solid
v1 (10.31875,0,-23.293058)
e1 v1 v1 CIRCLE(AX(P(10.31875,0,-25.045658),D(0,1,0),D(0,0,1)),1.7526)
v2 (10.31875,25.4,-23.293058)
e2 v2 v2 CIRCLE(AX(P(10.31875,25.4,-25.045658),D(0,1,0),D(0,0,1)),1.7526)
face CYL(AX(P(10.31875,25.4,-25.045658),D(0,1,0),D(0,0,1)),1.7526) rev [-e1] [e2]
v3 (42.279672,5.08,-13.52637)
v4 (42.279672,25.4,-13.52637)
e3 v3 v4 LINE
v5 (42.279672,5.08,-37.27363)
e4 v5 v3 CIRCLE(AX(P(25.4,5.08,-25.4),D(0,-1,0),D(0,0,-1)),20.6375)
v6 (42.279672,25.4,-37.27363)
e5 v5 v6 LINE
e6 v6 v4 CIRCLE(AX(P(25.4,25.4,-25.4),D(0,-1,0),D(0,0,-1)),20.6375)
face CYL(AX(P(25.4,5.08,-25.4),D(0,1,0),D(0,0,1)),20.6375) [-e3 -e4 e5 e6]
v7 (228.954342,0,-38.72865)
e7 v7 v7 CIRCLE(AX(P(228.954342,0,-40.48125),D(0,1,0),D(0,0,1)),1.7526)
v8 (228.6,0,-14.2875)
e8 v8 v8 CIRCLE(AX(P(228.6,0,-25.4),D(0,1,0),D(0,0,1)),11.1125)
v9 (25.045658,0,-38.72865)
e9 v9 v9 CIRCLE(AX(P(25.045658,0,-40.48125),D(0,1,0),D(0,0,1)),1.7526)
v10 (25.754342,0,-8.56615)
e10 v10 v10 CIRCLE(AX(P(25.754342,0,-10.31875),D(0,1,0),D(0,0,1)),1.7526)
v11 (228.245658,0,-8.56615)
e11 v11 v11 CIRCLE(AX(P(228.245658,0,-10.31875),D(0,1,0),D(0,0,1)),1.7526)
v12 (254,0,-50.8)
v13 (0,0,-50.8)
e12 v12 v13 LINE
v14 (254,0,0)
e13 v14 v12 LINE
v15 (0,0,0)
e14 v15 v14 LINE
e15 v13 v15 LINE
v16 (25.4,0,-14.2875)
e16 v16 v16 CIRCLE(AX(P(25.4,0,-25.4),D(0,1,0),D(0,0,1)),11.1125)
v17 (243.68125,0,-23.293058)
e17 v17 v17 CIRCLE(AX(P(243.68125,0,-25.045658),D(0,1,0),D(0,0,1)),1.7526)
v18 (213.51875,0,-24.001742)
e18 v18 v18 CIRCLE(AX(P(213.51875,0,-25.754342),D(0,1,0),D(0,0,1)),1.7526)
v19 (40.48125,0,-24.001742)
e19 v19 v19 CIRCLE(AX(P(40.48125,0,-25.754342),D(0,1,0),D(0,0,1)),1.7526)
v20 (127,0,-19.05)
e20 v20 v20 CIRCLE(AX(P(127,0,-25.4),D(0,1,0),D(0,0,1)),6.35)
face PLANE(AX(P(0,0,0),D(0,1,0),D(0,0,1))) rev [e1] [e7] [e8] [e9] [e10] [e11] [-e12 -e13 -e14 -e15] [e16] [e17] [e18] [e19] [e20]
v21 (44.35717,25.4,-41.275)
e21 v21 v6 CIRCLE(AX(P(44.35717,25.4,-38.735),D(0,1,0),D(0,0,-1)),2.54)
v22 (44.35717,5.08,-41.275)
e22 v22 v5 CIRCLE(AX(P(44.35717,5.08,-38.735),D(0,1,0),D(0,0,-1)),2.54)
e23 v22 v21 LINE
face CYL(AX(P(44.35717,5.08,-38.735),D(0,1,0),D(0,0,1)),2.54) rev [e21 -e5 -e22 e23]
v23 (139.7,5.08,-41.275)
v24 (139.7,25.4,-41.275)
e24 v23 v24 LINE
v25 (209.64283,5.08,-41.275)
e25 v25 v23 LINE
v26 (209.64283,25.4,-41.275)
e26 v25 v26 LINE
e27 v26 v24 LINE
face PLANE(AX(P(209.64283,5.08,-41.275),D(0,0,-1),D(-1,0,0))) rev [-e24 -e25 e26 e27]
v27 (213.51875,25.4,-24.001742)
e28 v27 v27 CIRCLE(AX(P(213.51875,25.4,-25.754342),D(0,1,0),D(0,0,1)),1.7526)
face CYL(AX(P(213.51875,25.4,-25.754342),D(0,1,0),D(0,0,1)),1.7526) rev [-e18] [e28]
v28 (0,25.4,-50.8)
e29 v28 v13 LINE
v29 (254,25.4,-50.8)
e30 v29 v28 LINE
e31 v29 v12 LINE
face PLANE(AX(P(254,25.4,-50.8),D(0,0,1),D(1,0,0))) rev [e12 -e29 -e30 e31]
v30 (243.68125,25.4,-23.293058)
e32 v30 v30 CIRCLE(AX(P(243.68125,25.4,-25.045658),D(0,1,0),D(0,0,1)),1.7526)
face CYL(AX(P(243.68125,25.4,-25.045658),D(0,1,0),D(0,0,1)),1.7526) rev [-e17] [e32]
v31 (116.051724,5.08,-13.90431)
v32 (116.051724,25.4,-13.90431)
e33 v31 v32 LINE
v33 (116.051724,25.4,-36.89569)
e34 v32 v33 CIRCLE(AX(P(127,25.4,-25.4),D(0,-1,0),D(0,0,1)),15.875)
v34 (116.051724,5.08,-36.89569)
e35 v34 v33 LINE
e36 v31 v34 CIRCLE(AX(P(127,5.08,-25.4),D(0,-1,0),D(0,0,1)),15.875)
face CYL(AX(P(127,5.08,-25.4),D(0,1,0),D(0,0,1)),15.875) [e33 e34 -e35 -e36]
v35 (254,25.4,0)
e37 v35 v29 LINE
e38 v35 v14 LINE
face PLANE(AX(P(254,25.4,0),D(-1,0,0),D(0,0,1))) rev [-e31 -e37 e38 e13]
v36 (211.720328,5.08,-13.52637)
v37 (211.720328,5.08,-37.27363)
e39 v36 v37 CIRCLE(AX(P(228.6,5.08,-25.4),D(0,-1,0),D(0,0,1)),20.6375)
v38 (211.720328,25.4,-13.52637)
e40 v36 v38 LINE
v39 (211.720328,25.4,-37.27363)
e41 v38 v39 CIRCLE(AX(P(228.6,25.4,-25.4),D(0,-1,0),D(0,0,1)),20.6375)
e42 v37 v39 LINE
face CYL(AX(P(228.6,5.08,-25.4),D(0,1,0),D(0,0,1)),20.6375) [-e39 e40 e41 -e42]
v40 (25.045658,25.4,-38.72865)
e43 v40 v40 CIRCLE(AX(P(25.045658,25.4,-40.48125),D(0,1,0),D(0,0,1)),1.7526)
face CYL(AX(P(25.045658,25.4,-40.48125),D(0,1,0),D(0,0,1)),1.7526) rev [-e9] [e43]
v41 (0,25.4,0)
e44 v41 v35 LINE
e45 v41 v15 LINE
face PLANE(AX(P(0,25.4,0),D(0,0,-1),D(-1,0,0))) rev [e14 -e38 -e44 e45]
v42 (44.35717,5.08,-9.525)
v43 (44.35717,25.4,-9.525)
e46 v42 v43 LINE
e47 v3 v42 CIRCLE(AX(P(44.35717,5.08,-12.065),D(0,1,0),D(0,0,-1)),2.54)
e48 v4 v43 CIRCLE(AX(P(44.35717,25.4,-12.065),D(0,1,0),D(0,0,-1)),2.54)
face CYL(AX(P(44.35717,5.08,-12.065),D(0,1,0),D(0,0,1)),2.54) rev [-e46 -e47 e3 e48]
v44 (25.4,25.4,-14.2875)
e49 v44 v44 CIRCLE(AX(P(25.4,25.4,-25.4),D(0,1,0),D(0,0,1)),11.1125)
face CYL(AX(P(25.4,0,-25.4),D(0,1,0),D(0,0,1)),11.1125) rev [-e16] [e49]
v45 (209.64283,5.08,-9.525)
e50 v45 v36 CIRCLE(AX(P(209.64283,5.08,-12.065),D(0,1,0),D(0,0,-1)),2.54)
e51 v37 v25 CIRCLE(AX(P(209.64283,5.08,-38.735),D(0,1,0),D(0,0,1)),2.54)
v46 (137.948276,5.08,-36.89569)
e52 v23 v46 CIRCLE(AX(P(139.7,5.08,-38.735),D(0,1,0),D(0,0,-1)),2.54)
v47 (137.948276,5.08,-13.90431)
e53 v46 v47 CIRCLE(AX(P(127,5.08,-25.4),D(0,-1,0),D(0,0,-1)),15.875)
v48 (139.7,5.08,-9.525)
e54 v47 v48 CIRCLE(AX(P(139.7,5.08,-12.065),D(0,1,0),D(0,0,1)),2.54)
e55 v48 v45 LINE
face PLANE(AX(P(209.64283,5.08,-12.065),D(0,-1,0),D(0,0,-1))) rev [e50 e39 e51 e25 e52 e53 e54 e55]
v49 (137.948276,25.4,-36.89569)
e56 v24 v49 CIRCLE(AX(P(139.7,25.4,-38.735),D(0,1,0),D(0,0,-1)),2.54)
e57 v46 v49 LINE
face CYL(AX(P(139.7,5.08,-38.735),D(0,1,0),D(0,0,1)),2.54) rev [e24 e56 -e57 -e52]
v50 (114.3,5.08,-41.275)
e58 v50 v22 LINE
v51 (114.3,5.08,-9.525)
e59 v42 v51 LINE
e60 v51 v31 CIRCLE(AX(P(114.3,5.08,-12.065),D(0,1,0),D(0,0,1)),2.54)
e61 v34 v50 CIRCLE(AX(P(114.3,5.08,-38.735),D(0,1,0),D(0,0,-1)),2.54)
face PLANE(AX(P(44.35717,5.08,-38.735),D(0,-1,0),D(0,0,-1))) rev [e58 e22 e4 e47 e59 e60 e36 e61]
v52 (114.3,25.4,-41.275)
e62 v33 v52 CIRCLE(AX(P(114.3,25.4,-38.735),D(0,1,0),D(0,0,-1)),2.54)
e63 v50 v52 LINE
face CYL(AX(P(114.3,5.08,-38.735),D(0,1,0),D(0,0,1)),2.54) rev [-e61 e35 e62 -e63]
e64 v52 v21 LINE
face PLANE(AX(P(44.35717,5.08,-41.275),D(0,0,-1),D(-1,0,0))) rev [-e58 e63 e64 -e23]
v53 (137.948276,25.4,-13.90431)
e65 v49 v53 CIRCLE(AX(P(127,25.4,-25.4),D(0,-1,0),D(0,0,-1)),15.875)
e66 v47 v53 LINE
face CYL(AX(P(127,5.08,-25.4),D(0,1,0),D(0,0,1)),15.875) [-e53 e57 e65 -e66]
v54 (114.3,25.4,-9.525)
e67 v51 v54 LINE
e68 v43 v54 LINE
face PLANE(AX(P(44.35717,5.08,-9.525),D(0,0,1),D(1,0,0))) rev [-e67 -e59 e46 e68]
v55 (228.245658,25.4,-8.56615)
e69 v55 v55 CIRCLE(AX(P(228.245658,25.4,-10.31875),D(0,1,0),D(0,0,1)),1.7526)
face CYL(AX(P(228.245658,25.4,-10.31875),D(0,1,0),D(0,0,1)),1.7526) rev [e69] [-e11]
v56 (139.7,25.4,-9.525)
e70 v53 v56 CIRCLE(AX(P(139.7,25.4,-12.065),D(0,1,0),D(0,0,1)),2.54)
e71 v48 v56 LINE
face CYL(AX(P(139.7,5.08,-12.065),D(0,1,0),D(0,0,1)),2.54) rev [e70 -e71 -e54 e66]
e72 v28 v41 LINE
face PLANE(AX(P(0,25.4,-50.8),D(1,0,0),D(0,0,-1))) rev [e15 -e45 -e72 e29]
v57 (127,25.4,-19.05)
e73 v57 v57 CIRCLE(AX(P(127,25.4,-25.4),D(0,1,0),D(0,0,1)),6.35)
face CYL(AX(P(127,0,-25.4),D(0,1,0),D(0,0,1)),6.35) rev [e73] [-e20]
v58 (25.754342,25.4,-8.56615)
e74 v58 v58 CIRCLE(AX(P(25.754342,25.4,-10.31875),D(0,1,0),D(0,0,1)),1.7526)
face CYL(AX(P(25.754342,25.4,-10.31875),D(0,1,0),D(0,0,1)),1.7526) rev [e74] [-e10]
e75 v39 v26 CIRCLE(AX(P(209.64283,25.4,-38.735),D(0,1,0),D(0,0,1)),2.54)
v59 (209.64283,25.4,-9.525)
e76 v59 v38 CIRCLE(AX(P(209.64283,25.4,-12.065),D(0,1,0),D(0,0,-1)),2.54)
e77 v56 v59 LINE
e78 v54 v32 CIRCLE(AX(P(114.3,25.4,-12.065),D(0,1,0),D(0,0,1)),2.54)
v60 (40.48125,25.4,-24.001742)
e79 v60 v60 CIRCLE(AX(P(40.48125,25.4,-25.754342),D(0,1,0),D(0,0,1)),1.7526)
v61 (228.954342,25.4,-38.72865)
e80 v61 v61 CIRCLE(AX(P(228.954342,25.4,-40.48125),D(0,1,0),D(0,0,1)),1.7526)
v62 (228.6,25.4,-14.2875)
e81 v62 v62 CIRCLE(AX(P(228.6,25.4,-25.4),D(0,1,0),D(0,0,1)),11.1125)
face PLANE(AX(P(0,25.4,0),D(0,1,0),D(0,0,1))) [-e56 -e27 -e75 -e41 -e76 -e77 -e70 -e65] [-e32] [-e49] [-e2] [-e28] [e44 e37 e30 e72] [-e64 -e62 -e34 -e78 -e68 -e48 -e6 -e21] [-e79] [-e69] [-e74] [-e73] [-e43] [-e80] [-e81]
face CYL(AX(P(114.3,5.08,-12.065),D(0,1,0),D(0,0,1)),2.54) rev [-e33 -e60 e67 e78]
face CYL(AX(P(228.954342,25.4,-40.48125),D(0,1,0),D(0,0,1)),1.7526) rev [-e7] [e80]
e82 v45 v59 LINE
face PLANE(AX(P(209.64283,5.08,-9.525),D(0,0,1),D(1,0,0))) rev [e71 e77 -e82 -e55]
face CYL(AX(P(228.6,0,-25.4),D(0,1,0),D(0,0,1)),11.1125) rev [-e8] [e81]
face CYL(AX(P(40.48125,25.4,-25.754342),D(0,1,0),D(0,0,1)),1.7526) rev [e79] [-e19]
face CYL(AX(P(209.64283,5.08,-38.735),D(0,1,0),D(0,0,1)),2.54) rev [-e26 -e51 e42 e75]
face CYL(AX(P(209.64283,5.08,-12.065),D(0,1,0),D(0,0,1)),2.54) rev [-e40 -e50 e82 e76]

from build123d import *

# Parameters (mm, degrees)
SKETCH2_W             = 254
SKETCH2_H             = 50.8
BOSS_EXTRUDE1_DEPTH   = 25.4
SKETCH3_R             = 11.1125
SKETCH3_R_2           = 6.35
CUT_EXTRUDE1_DEPTH    = 261.272549455
F_6_32_TAPPED_HOLE1_D = 3.5052
CUT_EXTRUDE3_DEPTH    = 20.32
CIRPATTERN1_COUNT     = 4
CIRPATTERN2_COUNT     = 4


with BuildPart() as part:
    # Sketch2 → Boss-Extrude1 (new body)
    with BuildSketch(Plane(origin=(0, 0, 0), x_dir=(1, 0, 0), z_dir=(0, 1, 0))):
        with Locations((127, 25.4)):
            Rectangle(SKETCH2_W, SKETCH2_H)
    extrude(amount=BOSS_EXTRUDE1_DEPTH)

    # Sketch3 → Cut-Extrude1 (cut, through all)
    with BuildSketch(Plane(origin=(0, 25.4, 0), x_dir=(1, 0, 0), z_dir=(0, 1, 0))):
        with Locations(Location((25.4, 25.4, 0), (0, 0, 270))):
            Circle(SKETCH3_R)
        with Locations(Location((228.6, 25.4, 0), (0, 0, 270))):
            Circle(SKETCH3_R)
        with Locations(Location((127, 25.4, 0), (0, 0, 270))):
            Circle(SKETCH3_R_2)
    extrude(amount=-CUT_EXTRUDE1_DEPTH, mode=Mode.SUBTRACT)

    # #6-32 Tapped Hole1 (through all)
    with Locations(Plane(origin=(0, 25.4, 0), x_dir=(1, 0, 0), z_dir=(0, 1, 0))):
        with Locations((10.31875, 25.045657608), (243.68125, 25.045657608)):
            f_6_32_tapped_hole1 = Hole(F_6_32_TAPPED_HOLE1_D / 2)

    # Sketch6 → Cut-Extrude3 (cut)
    with BuildSketch(Plane(origin=(0, 25.4, 0), x_dir=(1, 0, 0), z_dir=(0, 1, 0))):
        with BuildLine():
            Line((44.357169653, 41.275), (114.3, 41.275))
            ThreePointArc((114.3, 41.275), (116.658330795, 39.678332318), (116.051724138, 36.895689655))
            ThreePointArc((116.051724138, 36.895689655), (111.125, 25.4), (116.051724138, 13.904310345))
            ThreePointArc((116.051724138, 13.904310345), (116.658330795, 11.121667682), (114.3, 9.525))
            Line((114.3, 9.525), (44.357169653, 9.525))
            ThreePointArc((44.357169653, 9.525), (42.102898213, 10.894589698), (42.279671609, 13.526369863))
            ThreePointArc((42.279671609, 13.526369863), (46.0375, 25.4), (42.279671609, 37.273630137))
            ThreePointArc((42.279671609, 37.273630137), (42.102898213, 39.905410302), (44.357169653, 41.275))
        make_face()
        with BuildLine():
            Line((209.642830347, 41.275), (139.7, 41.275))
            ThreePointArc((139.7, 41.275), (137.341669205, 39.678332318), (137.948275862, 36.895689655))
            ThreePointArc((137.948275862, 36.895689655), (142.875, 25.4), (137.948275862, 13.904310345))
            ThreePointArc((137.948275862, 13.904310345), (137.341669205, 11.121667682), (139.7, 9.525))
            Line((139.7, 9.525), (209.642830347, 9.525))
            ThreePointArc((209.642830347, 9.525), (211.897101787, 10.894589698), (211.720328391, 13.526369863))
            ThreePointArc((211.720328391, 13.526369863), (207.9625, 25.4), (211.720328391, 37.273630137))
            ThreePointArc((211.720328391, 37.273630137), (211.897101787, 39.905410302), (209.642830347, 41.275))
        make_face()
    extrude(amount=-CUT_EXTRUDE3_DEPTH, mode=Mode.SUBTRACT)

    # CirPattern1: #6-32 Tapped Hole1 ×4 about axis
    cirpattern1_axis = Axis((25.4, 0, -25.4), (0, 1, 0))
    for i in range(1, CIRPATTERN1_COUNT):
        add(f_6_32_tapped_hole1.rotate(cirpattern1_axis, i * 360 / CIRPATTERN1_COUNT), mode=Mode.SUBTRACT)

    # CirPattern2: #6-32 Tapped Hole1 ×4 about axis
    cirpattern2_axis = Axis((228.6, 0, -25.4), (0, 1, 0))
    for i in range(1, CIRPATTERN2_COUNT):
        add(f_6_32_tapped_hole1.rotate(cirpattern2_axis, i * 360 / CIRPATTERN2_COUNT), mode=Mode.SUBTRACT)


solid = part.part
